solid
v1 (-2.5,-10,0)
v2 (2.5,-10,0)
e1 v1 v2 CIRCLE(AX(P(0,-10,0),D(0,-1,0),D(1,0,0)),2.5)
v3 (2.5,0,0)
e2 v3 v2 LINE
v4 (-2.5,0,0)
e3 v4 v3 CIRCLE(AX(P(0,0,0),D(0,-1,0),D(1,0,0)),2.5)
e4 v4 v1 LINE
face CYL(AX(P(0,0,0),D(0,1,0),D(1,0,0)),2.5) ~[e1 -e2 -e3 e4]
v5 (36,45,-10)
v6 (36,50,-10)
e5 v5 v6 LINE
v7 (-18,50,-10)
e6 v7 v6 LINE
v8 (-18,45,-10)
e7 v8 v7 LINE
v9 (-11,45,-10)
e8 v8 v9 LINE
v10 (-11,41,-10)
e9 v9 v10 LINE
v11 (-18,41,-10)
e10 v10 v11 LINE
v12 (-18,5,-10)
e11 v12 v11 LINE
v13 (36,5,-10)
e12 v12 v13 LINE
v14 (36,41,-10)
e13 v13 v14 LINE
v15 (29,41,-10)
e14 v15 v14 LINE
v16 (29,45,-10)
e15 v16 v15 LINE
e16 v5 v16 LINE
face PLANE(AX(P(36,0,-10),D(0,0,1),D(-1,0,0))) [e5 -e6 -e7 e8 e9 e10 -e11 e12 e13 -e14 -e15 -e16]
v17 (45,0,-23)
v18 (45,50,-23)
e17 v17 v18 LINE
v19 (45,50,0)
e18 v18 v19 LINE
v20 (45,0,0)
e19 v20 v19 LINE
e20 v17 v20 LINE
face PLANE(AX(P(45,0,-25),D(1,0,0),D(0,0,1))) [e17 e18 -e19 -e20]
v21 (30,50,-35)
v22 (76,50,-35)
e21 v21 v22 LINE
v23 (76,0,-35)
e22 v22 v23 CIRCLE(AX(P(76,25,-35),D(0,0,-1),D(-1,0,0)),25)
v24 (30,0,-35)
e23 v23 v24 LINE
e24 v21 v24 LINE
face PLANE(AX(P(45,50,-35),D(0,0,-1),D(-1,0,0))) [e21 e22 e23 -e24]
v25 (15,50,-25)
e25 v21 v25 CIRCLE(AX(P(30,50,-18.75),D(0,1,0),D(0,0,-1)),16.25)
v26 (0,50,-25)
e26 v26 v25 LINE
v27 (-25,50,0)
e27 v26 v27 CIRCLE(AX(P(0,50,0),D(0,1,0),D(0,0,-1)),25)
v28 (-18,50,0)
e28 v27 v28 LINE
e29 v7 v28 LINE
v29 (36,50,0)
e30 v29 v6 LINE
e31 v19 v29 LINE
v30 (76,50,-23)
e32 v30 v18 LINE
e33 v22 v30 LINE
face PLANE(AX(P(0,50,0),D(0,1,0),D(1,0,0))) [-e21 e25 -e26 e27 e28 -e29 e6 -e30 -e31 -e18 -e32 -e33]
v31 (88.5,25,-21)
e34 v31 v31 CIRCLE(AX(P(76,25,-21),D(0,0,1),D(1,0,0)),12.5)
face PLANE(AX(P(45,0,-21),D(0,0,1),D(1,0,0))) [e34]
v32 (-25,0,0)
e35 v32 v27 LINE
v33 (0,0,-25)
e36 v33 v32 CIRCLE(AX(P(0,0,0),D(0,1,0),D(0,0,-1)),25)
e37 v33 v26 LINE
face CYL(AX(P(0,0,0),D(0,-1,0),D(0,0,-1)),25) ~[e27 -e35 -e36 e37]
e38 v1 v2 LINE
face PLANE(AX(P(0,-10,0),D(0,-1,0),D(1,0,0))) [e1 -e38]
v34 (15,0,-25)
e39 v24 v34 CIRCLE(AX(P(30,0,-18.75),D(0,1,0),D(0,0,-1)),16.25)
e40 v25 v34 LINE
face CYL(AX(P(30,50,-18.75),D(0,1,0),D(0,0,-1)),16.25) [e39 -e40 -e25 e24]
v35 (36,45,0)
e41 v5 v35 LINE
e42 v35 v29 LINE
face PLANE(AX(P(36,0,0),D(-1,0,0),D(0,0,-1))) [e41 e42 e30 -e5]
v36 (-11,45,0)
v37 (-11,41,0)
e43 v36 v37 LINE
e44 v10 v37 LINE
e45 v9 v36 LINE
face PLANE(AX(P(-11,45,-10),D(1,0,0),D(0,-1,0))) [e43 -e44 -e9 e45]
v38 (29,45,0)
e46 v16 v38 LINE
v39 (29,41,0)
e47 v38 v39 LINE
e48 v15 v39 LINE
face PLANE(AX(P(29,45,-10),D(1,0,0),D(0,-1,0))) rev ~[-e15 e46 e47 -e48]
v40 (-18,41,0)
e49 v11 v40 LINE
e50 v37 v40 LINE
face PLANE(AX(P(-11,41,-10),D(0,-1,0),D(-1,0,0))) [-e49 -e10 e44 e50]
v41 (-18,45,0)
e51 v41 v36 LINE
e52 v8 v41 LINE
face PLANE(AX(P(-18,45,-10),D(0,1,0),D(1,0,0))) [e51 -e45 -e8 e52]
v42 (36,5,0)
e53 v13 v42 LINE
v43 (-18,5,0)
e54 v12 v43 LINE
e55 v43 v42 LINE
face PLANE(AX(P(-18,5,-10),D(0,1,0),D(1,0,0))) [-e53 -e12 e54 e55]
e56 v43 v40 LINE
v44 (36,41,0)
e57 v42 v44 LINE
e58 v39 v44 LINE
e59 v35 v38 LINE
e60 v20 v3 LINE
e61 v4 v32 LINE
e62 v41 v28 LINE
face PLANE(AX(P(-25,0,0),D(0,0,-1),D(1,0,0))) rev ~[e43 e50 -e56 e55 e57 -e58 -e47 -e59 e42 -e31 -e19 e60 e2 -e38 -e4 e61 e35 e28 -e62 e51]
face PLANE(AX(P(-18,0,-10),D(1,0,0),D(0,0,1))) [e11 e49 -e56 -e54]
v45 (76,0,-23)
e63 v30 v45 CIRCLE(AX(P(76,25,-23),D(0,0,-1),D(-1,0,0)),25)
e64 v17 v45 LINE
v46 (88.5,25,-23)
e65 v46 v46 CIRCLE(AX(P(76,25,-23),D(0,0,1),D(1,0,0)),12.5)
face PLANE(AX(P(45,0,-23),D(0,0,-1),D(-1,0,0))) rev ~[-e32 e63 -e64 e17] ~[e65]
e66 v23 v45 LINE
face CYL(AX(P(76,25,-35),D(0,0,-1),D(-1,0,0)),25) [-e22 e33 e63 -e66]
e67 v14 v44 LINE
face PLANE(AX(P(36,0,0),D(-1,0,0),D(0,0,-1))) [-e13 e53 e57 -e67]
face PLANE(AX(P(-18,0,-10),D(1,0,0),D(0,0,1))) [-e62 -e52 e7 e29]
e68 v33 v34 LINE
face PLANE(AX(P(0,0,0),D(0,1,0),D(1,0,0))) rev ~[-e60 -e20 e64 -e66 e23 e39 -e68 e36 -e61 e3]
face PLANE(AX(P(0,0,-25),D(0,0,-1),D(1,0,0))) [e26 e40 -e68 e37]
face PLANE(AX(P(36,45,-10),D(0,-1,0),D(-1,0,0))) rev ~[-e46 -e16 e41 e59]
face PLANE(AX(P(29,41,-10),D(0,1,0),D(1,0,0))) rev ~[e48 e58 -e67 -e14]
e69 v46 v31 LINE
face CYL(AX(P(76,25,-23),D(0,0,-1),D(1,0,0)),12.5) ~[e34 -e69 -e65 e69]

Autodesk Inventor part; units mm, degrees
ref_plane "YZ Plane" through (0, 0, 0) normal (1, 0, 0) x (0, 1, 0)
ref_plane "XZ Plane" through (0, 0, 0) normal (0, 1, 0) x (-1, 0, 0)
sketch "Sketch1" plane through (0, 0, 0) normal (0, 1, 0) x (-1, 0, 0)
  arc A0 (0, -25) -> (25, 0) centre (0, 0) ccw
  line L0 (25, 0) -> (0, 0) construction
  line L1 (0, -25) -> (0, 0) construction
  arc A1 (25, 0) -> (-25, 0) centre (0, 0) ccw construction
  arc A2 (-25, 0) -> (0, -25) centre (0, 0) ccw construction
  line L2 (18, 10) -> (-36, 10)
  line L3 (-36, 10) -> (-36, -10)
  line L4 (-36, -10) -> (18, -10)
  line L5 (18, -10) -> (18, 10)
  line L6 (11, 10) -> (11, -10)
  line L7 (-29, 10) -> (-29, -10)
  line L8 (0, -25) -> (-45, -25)
  line L9 (-45, -25) -> (-45, 0)
  line L10 (-45, 0) -> (-36, 0)
  line L11 (25, 0) -> (18, 0)
  point P0 (11, 0)
  dimension "d0" = 50
  dimension "d1" = 20
  dimension "d2" = 10
  dimension "d3" = 54
  dimension "d4" = 7
  dimension "d5" = 7
  dimension "d7" = 11
  dimension "d8" = 45
extrude "Extrusion1" add sketch "Sketch1" along normal blind 50 contours L8 L9 L10 L3 L4 L5 L11 A0
sketch "Sketch2" plane through (-18, 0, -10) normal (0, 0, 1) x (1, 0, 0)
  line L0 (7, 50) -> (7, 41) construction
  line L1 (7, 41) -> (0, 41) construction
  line L2 (0, 41) -> (0, 38) construction
  line L3 (0, 0) -> (0, 50) construction
  line L4 (0, 38) -> (7, 38) construction
  line L5 (7, 38) -> (7, 18) construction
  line L6 (7, 18) -> (2, 18) construction
  line L7 (2, 18) -> (2, 15) construction
  line L8 (2, 15) -> (7, 15) construction
  line L9 (7, 15) -> (7, 10) construction
  line L10 (7, 10) -> (47, 10) construction
  line L11 (47, 10) -> (47, 38) construction
  line L12 (47, 38) -> (54, 38) construction
  line L13 (54, 0) -> (54, 50) construction
  line L14 (54, 38) -> (54, 41) construction
  line L15 (54, 41) -> (47, 41) construction
  line L16 (47, 50) -> (20.5, 50) construction
  line L17 (20.5, 50) -> (20.5, 55) construction
  line L18 (20.5, 55) -> (15.5, 55) construction
  line L19 (15.5, 55) -> (15.5, 50) construction
  line L20 (15.5, 50) -> (7, 50) construction
  line L21 (47, 50) -> (47, 41) construction
  line L22 (0, 50) -> (54, 50) construction
  line L23 (7, 41) -> (0, 41)
  line L24 (0, 41) -> (0, 45)
  line L25 (0, 45) -> (7, 45)
  line L26 (7, 45) -> (7, 41)
  line L27 (47, 41) -> (54, 41)
  line L28 (54, 41) -> (54, 45)
  line L29 (54, 45) -> (47, 45)
  line L30 (47, 45) -> (47, 41)
  line L31 (0, 0) -> (0, 50) projected
  line L32 (0, 5) -> (54, 5)
  line L33 (54, 5) -> (54, 0)
  line L34 (54, 0) -> (0, 0)
  line L35 (0, 0) -> (0, 5)
  point P0 (18, 0)
  point P1 (4.5, 18)
  point P2 (3.5, 38)
  point P3 (18, 55)
  dimension "d11" = 40
  dimension "d12" = 3
  dimension "d13" = 3
  dimension "d16" = 9
  dimension "d17" = 5
  dimension "d18" = 5
  dimension "d19" = 7
  dimension "d20" = 7
  dimension "d21" = 5
  dimension "d22" = 5
  dimension "d23" = 11
  dimension "d24" = 4
  dimension "d29" = 5
extrude "Extrusion2" add sketch "Sketch2" along normal up to surface (10 mm away)
sketch "Sketch4" plane through (0, 0, 0) normal (0, -1, 0) x (1, 0, 0)
  line L0 (-18, 0) -> (36, 0) projected
  circle A0 centre (0, 0) radius 2.5
  point P0 (2.5, 0)
  point P1 (-2.5, 0)
  dimension "d31" = 5
extrude "Extrusion3" add sketch "Sketch4" along normal blind 10 contours L0 A0 picked at (-0.4734, -0.6858)
sketch "Sketch5" plane through (45, 0, 0) normal (1, 0, 0) x (0, 0, -1)
  line L0 (15, 35) -> (-25, 35)
  line L1 (-25, 35) -> (-25, 15)
  line L2 (-25, 15) -> (15, 15)
  line L3 (15, 15) -> (15, 35)
  line L4 (6, 35) -> (6, 15)
  line L5 (3, 35) -> (3, 15)
  line L6 (-17, 30) -> (-20, 30) construction
  line L7 (-20, 30) -> (-20, 20) construction
  line L8 (-20, 20) -> (-17, 20) construction
  line L9 (-17, 20) -> (-17, 30) construction
  line L10 (0, 5) -> (0, 41) projected
  line L11 (15, 27.5) -> (20, 27.5)
  line L12 (20, 27.5) -> (20, 22.5)
  line L13 (20, 22.5) -> (15, 22.5)
  line L14 (0, 50) -> (25, 50) projected
  point P0 (0, 0)
  point P1 (15, 25)
  dimension "d34" = 20
  dimension "d35" = 5
  dimension "d36" = 5
  dimension "d37" = 5
  dimension "d38" = 3
  dimension "d39" = 40
  dimension "d40" = 9
  dimension "d41" = 3
  dimension "d42" = 25
  dimension "d43" = 5
  dimension "d44" = 5
  dimension "d45" = 2.5
  dimension "d48" = 25
ref_plane "Work Plane1" through (45, 0, -35) normal (0, 0, -1) x (-1, 0, 0)
sketch "Sketch6" plane through (45, 0, -35) normal (0, 0, -1) x (-1, 0, 0)
  circle A0 centre (-31, 25) radius 12.5
  circle A1 centre (-31, 25) radius 25
  line L0 (0, 0) -> (0, 50) projected
  line L1 (0, 25) -> (-26, 25) construction
  line L2 (-31, 50) -> (0, 50)
  line L3 (0, 0) -> (45, 0) projected
  line L4 (0, 0) -> (-31, 0)
  point P0 (0, 25)
  dimension "d50" = 25
  dimension "d51" = 50
  dimension "d52" = 31
extrude "Extrusion4" add sketch "Sketch6" against normal blind 12 contours A0 | A1 | A1 L2 L0 L4
sketch "Sketch7" plane through (0, 50, 0) normal (0, 1, 0) x (1, 0, 0)
  arc A0 (0, 25) -> (-25, 0) centre (0, 0) ccw projected
  line L0 (-18, 0) -> (36, 0) projected
  line L1 (-25, 0) -> (-18, 0) projected
  line L2 (45, 35) -> (45, 25) projected
  line L3 (45, 35) -> (30, 35)
  line L4 (45, 25) -> (0, 25) projected
  arc A1 (30, 35) -> (15, 25) centre (30, 18.75) ccw
  dimension "d56" = 15
  dimension "d59" = 15
  dimension "d60" = 10
extrude "Extrusion5" add sketch "Sketch7" against normal up to surface (50 mm away)
sketch "Sketch8" plane through (45, 0, -23) normal (0, 0, 1) x (1, 0, 0)
  circle A0 centre (31, 25) radius 12.5
  arc A1 (31, 0) -> (31, 50) centre (31, 25) ccw projected
  point P0 (-45, 0)
  dimension "d63" = 25
extrude "Extrusion6" add sketch "Sketch8" along normal blind 2
equation "\"d59\" = 1.5 * d60"
